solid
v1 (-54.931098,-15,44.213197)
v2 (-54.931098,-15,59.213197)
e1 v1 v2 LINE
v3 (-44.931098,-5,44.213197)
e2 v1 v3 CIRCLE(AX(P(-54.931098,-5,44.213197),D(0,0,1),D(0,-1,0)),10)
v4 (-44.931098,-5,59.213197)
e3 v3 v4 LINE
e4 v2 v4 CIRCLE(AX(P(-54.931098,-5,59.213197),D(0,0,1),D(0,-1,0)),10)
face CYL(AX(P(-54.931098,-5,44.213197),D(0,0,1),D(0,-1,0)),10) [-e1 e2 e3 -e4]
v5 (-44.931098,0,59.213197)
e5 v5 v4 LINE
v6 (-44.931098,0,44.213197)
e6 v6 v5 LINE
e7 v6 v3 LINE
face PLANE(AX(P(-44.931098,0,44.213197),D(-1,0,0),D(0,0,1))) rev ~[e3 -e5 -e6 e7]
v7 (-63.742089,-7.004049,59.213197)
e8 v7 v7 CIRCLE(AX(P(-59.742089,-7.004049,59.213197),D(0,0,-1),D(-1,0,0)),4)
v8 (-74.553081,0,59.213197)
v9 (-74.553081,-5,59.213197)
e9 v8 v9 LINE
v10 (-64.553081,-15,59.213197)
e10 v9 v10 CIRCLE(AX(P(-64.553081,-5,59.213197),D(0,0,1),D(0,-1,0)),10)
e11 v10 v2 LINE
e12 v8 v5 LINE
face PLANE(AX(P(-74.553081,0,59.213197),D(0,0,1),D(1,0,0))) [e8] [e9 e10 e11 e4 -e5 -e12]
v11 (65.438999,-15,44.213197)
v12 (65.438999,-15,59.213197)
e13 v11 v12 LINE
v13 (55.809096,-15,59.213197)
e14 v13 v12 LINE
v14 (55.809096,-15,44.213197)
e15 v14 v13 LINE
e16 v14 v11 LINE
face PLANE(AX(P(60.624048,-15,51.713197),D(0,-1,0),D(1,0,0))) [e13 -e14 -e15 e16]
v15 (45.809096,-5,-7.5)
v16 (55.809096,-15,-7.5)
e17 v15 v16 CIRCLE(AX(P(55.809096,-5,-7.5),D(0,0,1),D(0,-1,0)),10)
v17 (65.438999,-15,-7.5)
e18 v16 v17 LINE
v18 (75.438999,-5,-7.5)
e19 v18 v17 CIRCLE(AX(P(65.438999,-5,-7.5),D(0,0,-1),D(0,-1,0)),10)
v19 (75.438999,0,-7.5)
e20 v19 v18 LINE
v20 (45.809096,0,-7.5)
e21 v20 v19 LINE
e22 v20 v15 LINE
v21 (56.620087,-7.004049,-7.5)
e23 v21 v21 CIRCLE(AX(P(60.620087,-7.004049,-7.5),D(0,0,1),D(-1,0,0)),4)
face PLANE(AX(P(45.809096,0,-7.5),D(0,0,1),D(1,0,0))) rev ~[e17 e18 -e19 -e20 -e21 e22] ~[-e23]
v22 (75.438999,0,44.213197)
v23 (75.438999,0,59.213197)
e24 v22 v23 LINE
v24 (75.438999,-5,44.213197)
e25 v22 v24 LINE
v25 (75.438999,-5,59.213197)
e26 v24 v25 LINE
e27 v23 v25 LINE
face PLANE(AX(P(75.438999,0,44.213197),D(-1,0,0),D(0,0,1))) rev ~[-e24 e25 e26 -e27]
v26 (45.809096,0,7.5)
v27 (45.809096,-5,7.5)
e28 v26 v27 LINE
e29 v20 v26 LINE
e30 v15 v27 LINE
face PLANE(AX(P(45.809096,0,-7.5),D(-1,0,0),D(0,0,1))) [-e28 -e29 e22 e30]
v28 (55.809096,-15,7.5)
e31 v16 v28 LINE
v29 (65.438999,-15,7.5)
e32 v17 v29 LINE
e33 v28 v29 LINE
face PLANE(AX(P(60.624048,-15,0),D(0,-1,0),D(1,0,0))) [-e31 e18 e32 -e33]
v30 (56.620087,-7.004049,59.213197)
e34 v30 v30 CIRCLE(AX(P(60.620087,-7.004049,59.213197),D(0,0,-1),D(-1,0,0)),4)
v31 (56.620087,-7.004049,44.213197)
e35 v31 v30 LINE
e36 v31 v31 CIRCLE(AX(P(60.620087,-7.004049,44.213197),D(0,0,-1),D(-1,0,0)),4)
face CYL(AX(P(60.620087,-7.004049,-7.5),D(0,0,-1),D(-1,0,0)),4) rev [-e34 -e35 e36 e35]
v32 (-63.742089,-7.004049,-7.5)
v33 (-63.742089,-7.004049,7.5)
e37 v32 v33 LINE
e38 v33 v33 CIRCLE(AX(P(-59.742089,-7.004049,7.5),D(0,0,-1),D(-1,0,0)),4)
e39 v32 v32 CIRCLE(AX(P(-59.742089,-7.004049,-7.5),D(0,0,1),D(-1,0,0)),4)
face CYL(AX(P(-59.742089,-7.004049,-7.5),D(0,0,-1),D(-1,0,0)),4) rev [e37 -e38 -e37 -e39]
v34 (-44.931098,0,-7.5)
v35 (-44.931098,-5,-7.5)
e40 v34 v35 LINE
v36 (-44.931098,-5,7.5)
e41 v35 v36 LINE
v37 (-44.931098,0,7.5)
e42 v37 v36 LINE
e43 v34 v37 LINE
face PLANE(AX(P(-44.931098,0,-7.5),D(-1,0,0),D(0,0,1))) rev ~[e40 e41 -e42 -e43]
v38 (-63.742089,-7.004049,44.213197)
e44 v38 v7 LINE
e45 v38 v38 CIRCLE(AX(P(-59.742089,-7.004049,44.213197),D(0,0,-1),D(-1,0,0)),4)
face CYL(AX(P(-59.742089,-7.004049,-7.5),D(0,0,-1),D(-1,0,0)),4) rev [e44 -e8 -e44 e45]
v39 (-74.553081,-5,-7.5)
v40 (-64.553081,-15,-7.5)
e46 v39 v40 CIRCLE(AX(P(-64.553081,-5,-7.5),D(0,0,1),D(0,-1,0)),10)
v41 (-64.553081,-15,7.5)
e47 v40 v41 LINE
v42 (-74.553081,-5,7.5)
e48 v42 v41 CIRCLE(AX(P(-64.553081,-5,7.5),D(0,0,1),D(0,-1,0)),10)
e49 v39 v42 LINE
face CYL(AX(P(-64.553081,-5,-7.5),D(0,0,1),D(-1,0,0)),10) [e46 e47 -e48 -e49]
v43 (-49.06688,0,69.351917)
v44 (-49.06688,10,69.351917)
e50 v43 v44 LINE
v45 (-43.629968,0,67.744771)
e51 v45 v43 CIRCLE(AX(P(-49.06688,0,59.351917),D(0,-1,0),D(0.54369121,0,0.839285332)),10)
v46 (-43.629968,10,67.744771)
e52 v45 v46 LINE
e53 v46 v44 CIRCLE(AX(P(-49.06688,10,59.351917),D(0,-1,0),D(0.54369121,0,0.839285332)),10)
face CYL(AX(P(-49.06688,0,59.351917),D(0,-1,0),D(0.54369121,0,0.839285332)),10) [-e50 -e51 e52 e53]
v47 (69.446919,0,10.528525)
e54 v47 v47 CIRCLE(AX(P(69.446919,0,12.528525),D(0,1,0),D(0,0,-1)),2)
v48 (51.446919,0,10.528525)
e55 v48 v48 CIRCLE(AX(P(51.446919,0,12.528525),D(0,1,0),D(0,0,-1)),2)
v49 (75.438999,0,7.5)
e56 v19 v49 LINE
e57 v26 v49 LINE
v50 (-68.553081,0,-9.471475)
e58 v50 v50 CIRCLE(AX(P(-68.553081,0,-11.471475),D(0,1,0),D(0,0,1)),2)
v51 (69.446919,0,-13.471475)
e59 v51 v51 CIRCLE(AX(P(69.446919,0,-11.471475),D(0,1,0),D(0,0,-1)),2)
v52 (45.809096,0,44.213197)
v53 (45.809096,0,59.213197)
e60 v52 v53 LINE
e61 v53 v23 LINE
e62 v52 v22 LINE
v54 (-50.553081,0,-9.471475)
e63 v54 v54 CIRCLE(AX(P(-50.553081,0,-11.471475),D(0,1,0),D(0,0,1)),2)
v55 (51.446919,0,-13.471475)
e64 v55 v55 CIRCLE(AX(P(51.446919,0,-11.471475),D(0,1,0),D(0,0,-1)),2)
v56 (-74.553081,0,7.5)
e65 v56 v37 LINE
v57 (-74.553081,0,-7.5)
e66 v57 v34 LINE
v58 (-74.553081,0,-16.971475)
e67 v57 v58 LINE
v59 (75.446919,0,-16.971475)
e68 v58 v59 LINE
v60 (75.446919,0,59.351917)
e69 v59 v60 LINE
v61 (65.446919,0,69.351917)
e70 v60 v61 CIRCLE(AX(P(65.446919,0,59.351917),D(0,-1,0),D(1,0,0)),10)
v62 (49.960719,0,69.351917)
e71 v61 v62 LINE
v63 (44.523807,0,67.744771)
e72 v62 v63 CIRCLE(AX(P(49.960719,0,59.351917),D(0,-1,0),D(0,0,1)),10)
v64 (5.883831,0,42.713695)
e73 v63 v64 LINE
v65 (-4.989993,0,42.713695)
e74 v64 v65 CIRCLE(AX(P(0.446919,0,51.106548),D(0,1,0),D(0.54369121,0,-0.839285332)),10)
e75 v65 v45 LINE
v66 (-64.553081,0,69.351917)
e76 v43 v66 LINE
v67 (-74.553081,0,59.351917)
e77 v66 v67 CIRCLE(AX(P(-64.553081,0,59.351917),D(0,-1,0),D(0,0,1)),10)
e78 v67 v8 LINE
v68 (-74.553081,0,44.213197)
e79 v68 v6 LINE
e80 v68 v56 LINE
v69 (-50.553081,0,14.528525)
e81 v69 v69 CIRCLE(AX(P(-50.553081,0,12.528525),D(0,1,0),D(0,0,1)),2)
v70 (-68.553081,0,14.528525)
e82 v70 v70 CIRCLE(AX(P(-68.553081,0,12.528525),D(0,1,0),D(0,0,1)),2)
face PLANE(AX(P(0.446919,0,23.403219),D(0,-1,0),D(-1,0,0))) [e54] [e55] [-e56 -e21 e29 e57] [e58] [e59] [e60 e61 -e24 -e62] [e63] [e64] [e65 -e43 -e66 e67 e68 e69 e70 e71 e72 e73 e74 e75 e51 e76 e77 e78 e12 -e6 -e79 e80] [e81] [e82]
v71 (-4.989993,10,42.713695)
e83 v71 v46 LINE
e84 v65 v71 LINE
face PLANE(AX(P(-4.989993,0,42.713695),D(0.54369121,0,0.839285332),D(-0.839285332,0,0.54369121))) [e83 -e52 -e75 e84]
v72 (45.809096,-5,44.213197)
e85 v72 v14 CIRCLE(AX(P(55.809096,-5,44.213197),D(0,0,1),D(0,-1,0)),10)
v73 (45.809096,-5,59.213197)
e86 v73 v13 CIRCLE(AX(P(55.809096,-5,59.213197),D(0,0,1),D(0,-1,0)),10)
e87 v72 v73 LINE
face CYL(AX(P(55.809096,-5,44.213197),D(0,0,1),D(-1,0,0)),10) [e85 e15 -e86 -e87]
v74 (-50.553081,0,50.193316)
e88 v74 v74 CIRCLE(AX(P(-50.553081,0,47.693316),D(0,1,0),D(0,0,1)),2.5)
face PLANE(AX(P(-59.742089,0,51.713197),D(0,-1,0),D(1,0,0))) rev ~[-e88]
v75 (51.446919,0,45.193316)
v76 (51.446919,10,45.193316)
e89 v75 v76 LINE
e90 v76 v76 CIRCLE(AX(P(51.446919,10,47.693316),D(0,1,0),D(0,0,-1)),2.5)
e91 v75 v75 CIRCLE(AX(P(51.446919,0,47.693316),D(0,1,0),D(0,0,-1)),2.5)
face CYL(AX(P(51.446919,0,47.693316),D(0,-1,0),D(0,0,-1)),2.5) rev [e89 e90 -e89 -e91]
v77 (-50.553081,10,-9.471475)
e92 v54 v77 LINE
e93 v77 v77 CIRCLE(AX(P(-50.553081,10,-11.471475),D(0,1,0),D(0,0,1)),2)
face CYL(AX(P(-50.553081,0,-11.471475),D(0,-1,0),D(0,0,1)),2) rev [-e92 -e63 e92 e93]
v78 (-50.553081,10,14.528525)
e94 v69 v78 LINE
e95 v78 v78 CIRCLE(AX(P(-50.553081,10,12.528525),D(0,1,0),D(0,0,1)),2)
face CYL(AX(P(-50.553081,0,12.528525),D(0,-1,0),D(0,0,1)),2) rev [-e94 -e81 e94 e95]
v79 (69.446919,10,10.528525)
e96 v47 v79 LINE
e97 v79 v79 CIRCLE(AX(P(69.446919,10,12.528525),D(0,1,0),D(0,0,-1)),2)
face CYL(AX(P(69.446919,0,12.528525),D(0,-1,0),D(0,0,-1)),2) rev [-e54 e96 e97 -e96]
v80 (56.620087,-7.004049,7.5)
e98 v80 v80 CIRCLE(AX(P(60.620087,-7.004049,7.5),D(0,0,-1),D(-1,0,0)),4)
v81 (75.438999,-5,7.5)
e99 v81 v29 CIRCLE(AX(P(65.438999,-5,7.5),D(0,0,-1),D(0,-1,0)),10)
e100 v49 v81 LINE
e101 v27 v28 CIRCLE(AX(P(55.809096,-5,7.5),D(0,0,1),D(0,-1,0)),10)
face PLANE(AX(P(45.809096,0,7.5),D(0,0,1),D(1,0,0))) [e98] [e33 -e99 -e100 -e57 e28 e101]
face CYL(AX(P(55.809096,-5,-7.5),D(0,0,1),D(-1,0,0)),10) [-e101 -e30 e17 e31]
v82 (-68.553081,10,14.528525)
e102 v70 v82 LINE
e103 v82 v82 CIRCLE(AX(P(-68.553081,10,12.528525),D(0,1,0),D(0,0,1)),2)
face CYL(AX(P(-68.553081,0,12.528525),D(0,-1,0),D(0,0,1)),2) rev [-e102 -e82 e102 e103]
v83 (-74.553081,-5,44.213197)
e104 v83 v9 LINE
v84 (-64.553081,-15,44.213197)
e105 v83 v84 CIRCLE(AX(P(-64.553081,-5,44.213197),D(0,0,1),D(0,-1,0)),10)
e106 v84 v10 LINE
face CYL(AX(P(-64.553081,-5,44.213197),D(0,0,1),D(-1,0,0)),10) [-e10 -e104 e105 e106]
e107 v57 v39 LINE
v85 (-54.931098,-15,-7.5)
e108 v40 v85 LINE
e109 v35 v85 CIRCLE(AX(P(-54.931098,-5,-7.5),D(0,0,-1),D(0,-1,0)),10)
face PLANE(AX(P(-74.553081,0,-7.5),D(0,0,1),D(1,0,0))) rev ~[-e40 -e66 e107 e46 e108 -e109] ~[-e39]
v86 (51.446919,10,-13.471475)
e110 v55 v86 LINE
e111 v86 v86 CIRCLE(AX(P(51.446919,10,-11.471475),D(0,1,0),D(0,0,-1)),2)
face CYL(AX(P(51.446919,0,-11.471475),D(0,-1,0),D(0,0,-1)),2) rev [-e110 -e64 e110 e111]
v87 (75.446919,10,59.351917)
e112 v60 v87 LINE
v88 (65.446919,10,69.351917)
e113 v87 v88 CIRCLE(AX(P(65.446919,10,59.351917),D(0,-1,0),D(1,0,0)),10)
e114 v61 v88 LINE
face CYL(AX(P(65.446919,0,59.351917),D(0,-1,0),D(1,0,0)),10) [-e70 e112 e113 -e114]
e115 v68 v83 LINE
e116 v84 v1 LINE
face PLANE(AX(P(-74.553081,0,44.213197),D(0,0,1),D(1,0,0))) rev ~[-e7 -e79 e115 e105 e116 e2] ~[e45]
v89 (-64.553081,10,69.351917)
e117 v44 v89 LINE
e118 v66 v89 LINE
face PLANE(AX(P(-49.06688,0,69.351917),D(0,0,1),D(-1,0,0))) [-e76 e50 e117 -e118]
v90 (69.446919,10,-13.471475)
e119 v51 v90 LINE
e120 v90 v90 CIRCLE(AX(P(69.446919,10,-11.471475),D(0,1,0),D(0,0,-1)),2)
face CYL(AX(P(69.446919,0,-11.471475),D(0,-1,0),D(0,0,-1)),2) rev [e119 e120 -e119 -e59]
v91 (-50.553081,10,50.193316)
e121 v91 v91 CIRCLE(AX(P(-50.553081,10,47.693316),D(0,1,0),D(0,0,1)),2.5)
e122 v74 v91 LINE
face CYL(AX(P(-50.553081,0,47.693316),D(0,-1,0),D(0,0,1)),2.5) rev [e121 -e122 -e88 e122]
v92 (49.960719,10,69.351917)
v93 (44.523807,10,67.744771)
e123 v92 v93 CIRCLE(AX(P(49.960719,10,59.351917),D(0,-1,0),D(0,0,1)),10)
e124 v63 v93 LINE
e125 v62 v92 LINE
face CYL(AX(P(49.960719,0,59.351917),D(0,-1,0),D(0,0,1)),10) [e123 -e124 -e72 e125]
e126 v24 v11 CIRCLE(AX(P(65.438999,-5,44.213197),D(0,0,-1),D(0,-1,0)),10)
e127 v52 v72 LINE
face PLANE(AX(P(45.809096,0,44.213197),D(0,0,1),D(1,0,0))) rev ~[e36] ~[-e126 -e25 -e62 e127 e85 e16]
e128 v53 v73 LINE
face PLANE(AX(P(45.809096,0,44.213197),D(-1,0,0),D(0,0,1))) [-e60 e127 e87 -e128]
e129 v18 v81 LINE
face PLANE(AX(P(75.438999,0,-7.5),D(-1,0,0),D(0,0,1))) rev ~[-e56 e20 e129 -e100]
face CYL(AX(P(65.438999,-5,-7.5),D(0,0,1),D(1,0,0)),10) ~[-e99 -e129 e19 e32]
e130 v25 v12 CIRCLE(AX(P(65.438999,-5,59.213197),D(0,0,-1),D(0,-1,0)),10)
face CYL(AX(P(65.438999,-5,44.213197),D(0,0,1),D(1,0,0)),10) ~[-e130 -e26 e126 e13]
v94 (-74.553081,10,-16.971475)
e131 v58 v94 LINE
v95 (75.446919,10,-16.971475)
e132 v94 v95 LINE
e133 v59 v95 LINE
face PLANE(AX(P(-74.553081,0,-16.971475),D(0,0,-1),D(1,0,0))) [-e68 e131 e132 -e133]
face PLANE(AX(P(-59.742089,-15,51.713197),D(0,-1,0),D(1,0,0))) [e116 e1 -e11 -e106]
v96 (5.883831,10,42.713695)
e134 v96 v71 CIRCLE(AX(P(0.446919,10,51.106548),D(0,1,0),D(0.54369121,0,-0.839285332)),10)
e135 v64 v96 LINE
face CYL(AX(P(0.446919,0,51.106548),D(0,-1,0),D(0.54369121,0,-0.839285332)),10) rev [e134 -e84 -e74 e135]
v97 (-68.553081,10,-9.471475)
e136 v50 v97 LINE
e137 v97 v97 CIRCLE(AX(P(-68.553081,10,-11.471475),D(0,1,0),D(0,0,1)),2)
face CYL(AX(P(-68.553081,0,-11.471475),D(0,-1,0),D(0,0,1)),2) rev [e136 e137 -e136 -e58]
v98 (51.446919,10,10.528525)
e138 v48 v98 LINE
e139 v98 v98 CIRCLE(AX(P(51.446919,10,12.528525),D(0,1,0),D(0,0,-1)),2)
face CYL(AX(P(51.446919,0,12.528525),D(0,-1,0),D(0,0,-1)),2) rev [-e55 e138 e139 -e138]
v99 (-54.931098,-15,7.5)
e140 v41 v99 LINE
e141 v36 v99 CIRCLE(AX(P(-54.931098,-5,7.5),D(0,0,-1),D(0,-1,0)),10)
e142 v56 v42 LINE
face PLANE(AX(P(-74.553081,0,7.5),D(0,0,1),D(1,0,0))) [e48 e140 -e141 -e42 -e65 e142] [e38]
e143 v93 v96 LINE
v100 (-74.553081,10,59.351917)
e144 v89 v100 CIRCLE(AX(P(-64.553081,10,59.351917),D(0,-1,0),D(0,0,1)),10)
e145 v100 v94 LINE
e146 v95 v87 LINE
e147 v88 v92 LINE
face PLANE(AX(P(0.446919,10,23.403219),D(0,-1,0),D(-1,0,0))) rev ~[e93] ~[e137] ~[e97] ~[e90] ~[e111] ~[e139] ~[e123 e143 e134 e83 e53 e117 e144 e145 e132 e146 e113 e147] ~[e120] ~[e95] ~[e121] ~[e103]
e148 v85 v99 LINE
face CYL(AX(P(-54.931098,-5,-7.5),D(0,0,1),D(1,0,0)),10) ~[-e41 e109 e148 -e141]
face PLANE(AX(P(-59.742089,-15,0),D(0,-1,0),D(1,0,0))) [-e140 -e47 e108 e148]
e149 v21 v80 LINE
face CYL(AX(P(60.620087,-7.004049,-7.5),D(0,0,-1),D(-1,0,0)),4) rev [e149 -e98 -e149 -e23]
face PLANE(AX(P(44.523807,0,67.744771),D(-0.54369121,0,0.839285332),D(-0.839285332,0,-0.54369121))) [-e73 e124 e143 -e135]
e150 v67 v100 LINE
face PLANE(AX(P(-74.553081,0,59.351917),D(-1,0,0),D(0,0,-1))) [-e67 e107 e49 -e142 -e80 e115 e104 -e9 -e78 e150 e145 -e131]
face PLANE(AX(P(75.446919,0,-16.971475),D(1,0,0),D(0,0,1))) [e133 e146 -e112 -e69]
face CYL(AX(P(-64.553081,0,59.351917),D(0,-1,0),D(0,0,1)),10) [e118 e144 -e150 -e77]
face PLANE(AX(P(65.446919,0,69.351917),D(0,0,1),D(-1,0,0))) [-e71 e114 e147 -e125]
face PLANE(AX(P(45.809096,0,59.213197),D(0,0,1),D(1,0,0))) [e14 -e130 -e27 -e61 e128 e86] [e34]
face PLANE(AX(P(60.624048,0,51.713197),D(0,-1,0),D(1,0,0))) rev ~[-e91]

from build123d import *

# Parameters (mm, degrees)
SKETCH3_R               = 2
SKETCH3_R_2             = 2.5
BOSS_EXTRUDE3_DEPTH     = 10
SKETCH4_W               = 29.621982307
SKETCH4_H               = 15
SKETCH4_W_2             = 29.629902686
BOSS_EXTRUDE4_DEPTH     = 15
FILLET1_R               = 10
CUT_EXTRUDE1_DEPTH      = 57
CUT_EXTRUDE1_DEPTH_BACK = 15
SKETCH5_R               = 4
FILLET3_R               = 10


with BuildPart() as part:
    # Sketch3 → Boss-Extrude3 (new body)
    with BuildSketch(Plane(origin=(0, 0, 0), x_dir=(1, 0, 0), z_dir=(0, 1, 0))):
        with BuildLine():
            Line((-74.553080605, -18.028525235), (-74.553080605, 16.971474765))
            Line((-74.553080605, 16.971474765), (75.446919395, 16.971474765))
            Line((75.446919395, 16.971474765), (75.446919395, -18.028525235))
            Line((75.446919395, -18.028525235), (75.446919395, -59.351917417))
            ThreePointArc((75.446919395, -59.351917417), (72.517987207, -66.422985229), (65.446919395, -69.351917417))
            Line((65.446919395, -69.351917417), (49.960719272, -69.351917417))
            ThreePointArc((49.960719272, -69.351917417), (47.125982353, -68.941717551), (44.523807175, -67.744770737))
            Line((44.523807175, -67.744770737), (5.883831491, -42.713694512))
            ThreePointArc((5.883831491, -42.713694512), (0.446919395, -41.106547832), (-4.989992702, -42.713694512))
            Line((-4.989992702, -42.713694512), (-43.629968386, -67.744770737))
            ThreePointArc((-43.629968386, -67.744770737), (-46.232143563, -68.941717551), (-49.066880482, -69.351917417))
            Line((-49.066880482, -69.351917417), (-64.553080605, -69.351917417))
            ThreePointArc((-64.553080605, -69.351917417), (-71.624148417, -66.422985229), (-74.553080605, -59.351917417))
            Line((-74.553080605, -59.351917417), (-74.553080605, -18.028525235))
        make_face()
        with Locations(Location((-68.553080605, 11.471474765, 0), (0, 0, 270))):
            Circle(SKETCH3_R, mode=Mode.SUBTRACT)
        with Locations(Location((-50.553080605, 11.471474765, 0), (0, 0, 270))):
            Circle(SKETCH3_R, mode=Mode.SUBTRACT)
        with Locations(Location((-68.553080605, -12.528525235, 0), (0, 0, 270))):
            Circle(SKETCH3_R, mode=Mode.SUBTRACT)
        with Locations(Location((-50.553080605, -12.528525235, 0), (0, 0, 270))):
            Circle(SKETCH3_R, mode=Mode.SUBTRACT)
        with Locations(Location((51.446919395, -12.528525235, 0), (0, 0, 90))):
            Circle(SKETCH3_R, mode=Mode.SUBTRACT)
        with Locations(Location((69.446919395, -12.528525235, 0), (0, 0, 90))):
            Circle(SKETCH3_R, mode=Mode.SUBTRACT)
        with Locations(Location((69.446919395, 11.471474765, 0), (0, 0, 90))):
            Circle(SKETCH3_R, mode=Mode.SUBTRACT)
        with Locations(Location((51.446919395, 11.471474765, 0), (0, 0, 90))):
            Circle(SKETCH3_R, mode=Mode.SUBTRACT)
        with Locations(Location((-50.553080605, -47.693315976, 0), (0, 0, 270))):
            Circle(SKETCH3_R_2, mode=Mode.SUBTRACT)
        with Locations(Location((51.446919395, -47.693315976, 0), (0, 0, 90))):
            Circle(SKETCH3_R_2, mode=Mode.SUBTRACT)
    extrude(amount=BOSS_EXTRUDE3_DEPTH)

    # Sketch4 → Boss-Extrude4 (add)
    with BuildSketch(Plane.XZ):
        with Locations((-59.742089452, 0)):
            Rectangle(SKETCH4_W, SKETCH4_H)
        with Locations((60.624047673, 0)):
            Rectangle(SKETCH4_W_2, SKETCH4_H)
        with Locations((60.624047673, 51.713197214)):
            Rectangle(SKETCH4_W_2, SKETCH4_H)
        with Locations((-59.742089452, 51.713197214)):
            Rectangle(SKETCH4_W, SKETCH4_H)
    extrude(amount=BOSS_EXTRUDE4_DEPTH)

    # Fillet1
    fillet1_edges = [part.edges().sort_by_distance(p)[0] for p in [
        (-44.931098298, -15, 0),
        (-74.553080605, -15, 0),
        (75.438999016, -15, 0),
        (45.80909633, -15, 0),
    ]]
    fillet(fillet1_edges, radius=FILLET1_R)

    # Sketch5 → Cut-Extrude1 (cut, two sides: drawn at the far end of the back side and taken through both)
    with BuildSketch(Plane.XY.offset(7.5).offset(-CUT_EXTRUDE1_DEPTH_BACK)):
        with Locations(Location((-59.742089451, -7.004049179, 0), (0, 0, 180))):
            Circle(SKETCH5_R)
        with Locations(Location((60.620087484, -7.004049179, 0), (0, 0, 180))):
            Circle(SKETCH5_R)
    extrude(amount=CUT_EXTRUDE1_DEPTH + CUT_EXTRUDE1_DEPTH_BACK, mode=Mode.SUBTRACT)

    # Fillet3
    fillet3_edges = [part.edges().sort_by_distance(p)[0] for p in [
        (45.80909633, -15, 51.713197214),
        (75.438999016, -15, 51.713197214),
        (-74.553080605, -15, 51.713197214),
        (-44.931098298, -15, 51.713197214),
    ]]
    fillet(fillet3_edges, radius=FILLET3_R)


solid = part.part
